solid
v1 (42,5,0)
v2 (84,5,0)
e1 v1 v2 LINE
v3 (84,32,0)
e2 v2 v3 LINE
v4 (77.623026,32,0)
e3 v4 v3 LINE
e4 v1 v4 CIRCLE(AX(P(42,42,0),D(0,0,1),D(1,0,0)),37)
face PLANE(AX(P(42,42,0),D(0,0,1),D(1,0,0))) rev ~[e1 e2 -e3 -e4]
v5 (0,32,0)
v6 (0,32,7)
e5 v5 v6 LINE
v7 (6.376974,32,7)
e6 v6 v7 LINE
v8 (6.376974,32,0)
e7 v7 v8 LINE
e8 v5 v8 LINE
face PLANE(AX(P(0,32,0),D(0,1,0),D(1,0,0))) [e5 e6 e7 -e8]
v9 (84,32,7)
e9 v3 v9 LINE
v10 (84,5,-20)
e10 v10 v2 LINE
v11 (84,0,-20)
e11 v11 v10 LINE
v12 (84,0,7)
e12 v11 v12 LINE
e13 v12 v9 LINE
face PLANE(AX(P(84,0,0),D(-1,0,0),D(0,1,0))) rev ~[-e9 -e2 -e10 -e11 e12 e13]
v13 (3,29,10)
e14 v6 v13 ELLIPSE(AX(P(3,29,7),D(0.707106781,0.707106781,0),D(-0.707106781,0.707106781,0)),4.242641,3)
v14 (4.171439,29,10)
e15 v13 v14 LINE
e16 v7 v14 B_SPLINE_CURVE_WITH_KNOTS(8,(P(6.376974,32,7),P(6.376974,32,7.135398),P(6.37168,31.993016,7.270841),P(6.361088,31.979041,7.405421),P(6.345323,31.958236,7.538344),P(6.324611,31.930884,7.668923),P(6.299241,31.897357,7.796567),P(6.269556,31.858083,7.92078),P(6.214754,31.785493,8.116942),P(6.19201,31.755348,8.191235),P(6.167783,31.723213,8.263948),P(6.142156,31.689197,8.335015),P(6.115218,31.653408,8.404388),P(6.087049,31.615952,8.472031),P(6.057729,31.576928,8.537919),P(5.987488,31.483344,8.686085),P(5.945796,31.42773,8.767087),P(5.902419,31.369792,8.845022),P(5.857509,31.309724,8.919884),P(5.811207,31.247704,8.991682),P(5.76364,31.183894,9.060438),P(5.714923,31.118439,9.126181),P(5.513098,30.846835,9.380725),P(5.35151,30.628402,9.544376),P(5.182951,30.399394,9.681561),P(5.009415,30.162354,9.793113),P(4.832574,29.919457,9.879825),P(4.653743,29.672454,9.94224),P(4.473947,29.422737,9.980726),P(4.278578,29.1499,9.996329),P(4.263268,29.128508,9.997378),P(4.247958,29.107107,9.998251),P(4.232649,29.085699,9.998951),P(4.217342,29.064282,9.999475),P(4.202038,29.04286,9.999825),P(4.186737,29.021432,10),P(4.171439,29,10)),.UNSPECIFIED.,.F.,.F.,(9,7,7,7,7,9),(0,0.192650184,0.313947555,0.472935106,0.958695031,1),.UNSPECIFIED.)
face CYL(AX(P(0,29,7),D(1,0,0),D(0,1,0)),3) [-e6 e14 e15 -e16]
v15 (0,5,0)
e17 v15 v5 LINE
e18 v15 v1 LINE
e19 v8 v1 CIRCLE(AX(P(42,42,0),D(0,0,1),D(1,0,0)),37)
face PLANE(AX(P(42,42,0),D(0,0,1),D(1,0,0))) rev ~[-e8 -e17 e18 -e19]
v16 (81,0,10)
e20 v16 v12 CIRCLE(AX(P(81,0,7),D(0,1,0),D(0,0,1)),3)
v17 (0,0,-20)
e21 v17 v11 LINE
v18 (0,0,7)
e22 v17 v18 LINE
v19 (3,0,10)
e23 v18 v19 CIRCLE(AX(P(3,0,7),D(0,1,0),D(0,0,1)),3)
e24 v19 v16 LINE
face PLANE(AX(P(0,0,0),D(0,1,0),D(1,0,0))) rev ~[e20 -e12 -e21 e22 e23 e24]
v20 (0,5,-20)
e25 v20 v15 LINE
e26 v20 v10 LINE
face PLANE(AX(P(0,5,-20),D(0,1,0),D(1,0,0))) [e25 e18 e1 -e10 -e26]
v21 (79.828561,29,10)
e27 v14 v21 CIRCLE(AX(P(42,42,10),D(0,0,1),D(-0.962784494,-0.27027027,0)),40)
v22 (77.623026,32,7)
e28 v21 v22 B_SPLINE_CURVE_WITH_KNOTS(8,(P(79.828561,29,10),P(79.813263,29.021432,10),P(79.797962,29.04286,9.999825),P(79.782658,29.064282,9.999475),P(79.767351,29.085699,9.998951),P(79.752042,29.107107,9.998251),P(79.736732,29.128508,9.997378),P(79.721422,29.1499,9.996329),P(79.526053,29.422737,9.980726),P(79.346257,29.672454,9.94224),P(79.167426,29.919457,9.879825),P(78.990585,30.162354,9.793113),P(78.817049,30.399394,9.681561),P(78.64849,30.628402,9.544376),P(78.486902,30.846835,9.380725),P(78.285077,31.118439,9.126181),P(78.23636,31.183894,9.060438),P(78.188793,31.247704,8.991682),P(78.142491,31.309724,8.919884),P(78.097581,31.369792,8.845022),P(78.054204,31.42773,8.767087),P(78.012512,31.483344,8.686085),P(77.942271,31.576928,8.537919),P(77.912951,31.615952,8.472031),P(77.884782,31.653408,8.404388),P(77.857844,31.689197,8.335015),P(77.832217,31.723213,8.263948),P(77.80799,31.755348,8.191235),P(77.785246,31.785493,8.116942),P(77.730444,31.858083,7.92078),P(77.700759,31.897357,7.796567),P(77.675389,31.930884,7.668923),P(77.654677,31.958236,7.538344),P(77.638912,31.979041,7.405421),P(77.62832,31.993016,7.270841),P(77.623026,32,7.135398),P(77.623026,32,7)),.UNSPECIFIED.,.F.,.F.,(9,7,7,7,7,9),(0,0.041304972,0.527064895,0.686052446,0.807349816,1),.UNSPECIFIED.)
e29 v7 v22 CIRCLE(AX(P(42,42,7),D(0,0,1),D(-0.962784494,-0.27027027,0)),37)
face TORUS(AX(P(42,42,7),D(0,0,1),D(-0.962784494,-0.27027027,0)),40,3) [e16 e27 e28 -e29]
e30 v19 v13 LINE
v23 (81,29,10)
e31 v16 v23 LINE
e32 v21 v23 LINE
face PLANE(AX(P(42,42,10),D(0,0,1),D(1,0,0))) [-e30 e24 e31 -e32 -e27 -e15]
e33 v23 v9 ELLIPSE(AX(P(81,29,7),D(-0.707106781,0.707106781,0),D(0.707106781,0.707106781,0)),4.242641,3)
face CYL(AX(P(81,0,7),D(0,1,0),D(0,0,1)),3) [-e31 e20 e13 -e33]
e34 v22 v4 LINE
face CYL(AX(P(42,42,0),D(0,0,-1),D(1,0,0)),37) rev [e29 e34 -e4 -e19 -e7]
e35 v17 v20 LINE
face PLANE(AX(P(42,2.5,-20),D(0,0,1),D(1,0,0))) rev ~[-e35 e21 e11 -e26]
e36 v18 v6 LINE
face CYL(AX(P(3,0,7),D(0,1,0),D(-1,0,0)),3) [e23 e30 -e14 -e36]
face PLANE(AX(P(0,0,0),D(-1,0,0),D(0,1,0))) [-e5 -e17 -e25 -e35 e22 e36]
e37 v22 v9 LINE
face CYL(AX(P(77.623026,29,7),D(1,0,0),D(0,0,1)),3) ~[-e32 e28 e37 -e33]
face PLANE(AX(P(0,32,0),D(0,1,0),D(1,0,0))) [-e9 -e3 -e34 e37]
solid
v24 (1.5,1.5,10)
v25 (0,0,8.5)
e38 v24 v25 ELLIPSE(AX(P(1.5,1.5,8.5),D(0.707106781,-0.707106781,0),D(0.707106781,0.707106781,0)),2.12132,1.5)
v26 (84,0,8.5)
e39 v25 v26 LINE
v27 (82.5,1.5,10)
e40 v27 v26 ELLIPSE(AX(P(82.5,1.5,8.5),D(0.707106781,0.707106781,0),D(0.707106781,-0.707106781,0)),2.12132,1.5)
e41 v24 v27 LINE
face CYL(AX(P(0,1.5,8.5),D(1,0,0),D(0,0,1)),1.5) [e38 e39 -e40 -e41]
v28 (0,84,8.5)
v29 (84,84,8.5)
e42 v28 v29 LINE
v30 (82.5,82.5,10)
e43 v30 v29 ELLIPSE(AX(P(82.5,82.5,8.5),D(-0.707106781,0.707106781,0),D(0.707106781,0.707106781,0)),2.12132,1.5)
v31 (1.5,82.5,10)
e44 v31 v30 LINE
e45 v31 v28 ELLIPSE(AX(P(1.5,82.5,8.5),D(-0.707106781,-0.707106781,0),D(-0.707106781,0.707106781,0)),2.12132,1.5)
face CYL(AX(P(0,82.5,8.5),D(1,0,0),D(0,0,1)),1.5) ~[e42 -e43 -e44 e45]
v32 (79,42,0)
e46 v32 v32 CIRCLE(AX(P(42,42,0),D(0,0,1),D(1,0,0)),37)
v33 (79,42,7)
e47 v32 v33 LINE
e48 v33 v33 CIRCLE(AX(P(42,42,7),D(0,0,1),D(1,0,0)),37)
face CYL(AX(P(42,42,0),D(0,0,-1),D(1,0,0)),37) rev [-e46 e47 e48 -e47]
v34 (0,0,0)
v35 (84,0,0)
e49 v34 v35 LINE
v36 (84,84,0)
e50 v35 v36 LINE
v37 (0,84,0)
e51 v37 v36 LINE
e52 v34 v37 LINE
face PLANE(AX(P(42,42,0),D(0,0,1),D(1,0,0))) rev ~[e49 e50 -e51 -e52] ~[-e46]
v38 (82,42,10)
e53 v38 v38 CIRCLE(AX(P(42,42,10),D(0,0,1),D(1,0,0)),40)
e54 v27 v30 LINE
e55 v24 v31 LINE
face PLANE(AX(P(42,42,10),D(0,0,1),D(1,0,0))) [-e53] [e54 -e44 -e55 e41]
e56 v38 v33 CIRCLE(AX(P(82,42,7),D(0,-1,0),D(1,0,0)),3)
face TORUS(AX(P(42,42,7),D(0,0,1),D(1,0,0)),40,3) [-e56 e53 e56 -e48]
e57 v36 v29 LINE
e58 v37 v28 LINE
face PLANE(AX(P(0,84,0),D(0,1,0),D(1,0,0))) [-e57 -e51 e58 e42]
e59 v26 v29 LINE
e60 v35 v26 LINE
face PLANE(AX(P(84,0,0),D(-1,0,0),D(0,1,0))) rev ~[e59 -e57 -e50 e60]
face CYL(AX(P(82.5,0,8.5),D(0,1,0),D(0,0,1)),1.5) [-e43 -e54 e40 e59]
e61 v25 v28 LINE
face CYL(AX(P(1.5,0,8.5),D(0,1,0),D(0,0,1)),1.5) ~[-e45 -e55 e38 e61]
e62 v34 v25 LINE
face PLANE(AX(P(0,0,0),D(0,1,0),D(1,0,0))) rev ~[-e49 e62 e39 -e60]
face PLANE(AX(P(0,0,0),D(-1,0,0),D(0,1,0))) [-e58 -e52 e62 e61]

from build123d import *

# Parameters (mm, degrees)
CYLINDER_R        = 37
CYLINDER_DEPTH    = 10
BOX_W             = 84
BOX_H             = 84
BOX_DEPTH         = 10
FILLET_R          = 3
FILLET001_R       = 1.5
BOX003_W          = 84
BOX003_H          = 100
BOX003_DEPTH      = 10
CYLINDER001_R     = 37
CYLINDER001_DEPTH = 10
BOX001_W          = 84
BOX001_H          = 84
BOX001_DEPTH      = 10
FILLET002_R       = 3
BOX002_W          = 84
BOX002_H          = 5
BOX002_DEPTH      = 20


with BuildPart() as cylinder:
    # Cylinder → Cylinder (new body)
    with BuildSketch(Plane(origin=(42, 42, 0), x_dir=(1, 0, 0), z_dir=(0, 0, 1))):
        Circle(CYLINDER_R)
    extrude(amount=CYLINDER_DEPTH)


with BuildPart() as bar_rack_bottle_holder:
    # Box → Box (new body)
    with BuildSketch(Plane.XY):
        with Locations((42, 42)):
            Rectangle(BOX_W, BOX_H)
    extrude(amount=BOX_DEPTH)

    # Cut: cut Cylinder
    add(cylinder.part, mode=Mode.SUBTRACT)

    # Fillet
    fillet_edges = [bar_rack_bottle_holder.edges().sort_by_distance(p)[0] for p in [
        (5, 42, 10),
    ]]
    fillet(fillet_edges, radius=FILLET_R)

    # Fillet001
    fillet001_edges = [bar_rack_bottle_holder.edges().sort_by_distance(p)[0] for p in [
        (0, 42, 10),
        (42, 0, 10),
        (84, 42, 10),
        (42, 84, 10),
    ]]
    fillet(fillet001_edges, radius=FILLET001_R)


with BuildPart() as cube003:
    # Box003 → Box003 (new body)
    with BuildSketch(Plane(origin=(0, 32, 0), x_dir=(1, 0, 0), z_dir=(0, 0, 1))):
        with Locations((42, 50)):
            Rectangle(BOX003_W, BOX003_H)
    extrude(amount=BOX003_DEPTH)


with BuildPart() as cylinder001:
    # Cylinder001 → Cylinder001 (new body)
    with BuildSketch(Plane(origin=(42, 42, 0), x_dir=(1, 0, 0), z_dir=(0, 0, 1))):
        Circle(CYLINDER001_R)
    extrude(amount=CYLINDER001_DEPTH)


with BuildPart() as fillet002:
    # Box001 → Box001 (new body)
    with BuildSketch(Plane.XY):
        with Locations((42, 42)):
            Rectangle(BOX001_W, BOX001_H)
    extrude(amount=BOX001_DEPTH)

    # Cut001: cut Cylinder001
    add(cylinder001.part, mode=Mode.SUBTRACT)

    # Cut002: cut Cube003
    add(cube003.part, mode=Mode.SUBTRACT)

    # Fillet002
    fillet002_edges = [fillet002.edges().sort_by_distance(p)[0] for p in [
        (0, 16, 10),
        (3.188487, 32, 10),
        (42, 5, 10),
        (80.811513, 32, 10),
        (84, 16, 10),
    ]]
    fillet(fillet002_edges, radius=FILLET002_R)


with BuildPart() as bar_rack_bottle_holder_partial:
    # Box002 → Box002 (new body)
    with BuildSketch(Plane.XY.offset(-20)):
        with Locations((42, 2.5)):
            Rectangle(BOX002_W, BOX002_H)
    extrude(amount=BOX002_DEPTH)

    # Fusion: union Fillet002
    add(fillet002.part)


solid = Compound([bar_rack_bottle_holder.part, bar_rack_bottle_holder_partial.part])
